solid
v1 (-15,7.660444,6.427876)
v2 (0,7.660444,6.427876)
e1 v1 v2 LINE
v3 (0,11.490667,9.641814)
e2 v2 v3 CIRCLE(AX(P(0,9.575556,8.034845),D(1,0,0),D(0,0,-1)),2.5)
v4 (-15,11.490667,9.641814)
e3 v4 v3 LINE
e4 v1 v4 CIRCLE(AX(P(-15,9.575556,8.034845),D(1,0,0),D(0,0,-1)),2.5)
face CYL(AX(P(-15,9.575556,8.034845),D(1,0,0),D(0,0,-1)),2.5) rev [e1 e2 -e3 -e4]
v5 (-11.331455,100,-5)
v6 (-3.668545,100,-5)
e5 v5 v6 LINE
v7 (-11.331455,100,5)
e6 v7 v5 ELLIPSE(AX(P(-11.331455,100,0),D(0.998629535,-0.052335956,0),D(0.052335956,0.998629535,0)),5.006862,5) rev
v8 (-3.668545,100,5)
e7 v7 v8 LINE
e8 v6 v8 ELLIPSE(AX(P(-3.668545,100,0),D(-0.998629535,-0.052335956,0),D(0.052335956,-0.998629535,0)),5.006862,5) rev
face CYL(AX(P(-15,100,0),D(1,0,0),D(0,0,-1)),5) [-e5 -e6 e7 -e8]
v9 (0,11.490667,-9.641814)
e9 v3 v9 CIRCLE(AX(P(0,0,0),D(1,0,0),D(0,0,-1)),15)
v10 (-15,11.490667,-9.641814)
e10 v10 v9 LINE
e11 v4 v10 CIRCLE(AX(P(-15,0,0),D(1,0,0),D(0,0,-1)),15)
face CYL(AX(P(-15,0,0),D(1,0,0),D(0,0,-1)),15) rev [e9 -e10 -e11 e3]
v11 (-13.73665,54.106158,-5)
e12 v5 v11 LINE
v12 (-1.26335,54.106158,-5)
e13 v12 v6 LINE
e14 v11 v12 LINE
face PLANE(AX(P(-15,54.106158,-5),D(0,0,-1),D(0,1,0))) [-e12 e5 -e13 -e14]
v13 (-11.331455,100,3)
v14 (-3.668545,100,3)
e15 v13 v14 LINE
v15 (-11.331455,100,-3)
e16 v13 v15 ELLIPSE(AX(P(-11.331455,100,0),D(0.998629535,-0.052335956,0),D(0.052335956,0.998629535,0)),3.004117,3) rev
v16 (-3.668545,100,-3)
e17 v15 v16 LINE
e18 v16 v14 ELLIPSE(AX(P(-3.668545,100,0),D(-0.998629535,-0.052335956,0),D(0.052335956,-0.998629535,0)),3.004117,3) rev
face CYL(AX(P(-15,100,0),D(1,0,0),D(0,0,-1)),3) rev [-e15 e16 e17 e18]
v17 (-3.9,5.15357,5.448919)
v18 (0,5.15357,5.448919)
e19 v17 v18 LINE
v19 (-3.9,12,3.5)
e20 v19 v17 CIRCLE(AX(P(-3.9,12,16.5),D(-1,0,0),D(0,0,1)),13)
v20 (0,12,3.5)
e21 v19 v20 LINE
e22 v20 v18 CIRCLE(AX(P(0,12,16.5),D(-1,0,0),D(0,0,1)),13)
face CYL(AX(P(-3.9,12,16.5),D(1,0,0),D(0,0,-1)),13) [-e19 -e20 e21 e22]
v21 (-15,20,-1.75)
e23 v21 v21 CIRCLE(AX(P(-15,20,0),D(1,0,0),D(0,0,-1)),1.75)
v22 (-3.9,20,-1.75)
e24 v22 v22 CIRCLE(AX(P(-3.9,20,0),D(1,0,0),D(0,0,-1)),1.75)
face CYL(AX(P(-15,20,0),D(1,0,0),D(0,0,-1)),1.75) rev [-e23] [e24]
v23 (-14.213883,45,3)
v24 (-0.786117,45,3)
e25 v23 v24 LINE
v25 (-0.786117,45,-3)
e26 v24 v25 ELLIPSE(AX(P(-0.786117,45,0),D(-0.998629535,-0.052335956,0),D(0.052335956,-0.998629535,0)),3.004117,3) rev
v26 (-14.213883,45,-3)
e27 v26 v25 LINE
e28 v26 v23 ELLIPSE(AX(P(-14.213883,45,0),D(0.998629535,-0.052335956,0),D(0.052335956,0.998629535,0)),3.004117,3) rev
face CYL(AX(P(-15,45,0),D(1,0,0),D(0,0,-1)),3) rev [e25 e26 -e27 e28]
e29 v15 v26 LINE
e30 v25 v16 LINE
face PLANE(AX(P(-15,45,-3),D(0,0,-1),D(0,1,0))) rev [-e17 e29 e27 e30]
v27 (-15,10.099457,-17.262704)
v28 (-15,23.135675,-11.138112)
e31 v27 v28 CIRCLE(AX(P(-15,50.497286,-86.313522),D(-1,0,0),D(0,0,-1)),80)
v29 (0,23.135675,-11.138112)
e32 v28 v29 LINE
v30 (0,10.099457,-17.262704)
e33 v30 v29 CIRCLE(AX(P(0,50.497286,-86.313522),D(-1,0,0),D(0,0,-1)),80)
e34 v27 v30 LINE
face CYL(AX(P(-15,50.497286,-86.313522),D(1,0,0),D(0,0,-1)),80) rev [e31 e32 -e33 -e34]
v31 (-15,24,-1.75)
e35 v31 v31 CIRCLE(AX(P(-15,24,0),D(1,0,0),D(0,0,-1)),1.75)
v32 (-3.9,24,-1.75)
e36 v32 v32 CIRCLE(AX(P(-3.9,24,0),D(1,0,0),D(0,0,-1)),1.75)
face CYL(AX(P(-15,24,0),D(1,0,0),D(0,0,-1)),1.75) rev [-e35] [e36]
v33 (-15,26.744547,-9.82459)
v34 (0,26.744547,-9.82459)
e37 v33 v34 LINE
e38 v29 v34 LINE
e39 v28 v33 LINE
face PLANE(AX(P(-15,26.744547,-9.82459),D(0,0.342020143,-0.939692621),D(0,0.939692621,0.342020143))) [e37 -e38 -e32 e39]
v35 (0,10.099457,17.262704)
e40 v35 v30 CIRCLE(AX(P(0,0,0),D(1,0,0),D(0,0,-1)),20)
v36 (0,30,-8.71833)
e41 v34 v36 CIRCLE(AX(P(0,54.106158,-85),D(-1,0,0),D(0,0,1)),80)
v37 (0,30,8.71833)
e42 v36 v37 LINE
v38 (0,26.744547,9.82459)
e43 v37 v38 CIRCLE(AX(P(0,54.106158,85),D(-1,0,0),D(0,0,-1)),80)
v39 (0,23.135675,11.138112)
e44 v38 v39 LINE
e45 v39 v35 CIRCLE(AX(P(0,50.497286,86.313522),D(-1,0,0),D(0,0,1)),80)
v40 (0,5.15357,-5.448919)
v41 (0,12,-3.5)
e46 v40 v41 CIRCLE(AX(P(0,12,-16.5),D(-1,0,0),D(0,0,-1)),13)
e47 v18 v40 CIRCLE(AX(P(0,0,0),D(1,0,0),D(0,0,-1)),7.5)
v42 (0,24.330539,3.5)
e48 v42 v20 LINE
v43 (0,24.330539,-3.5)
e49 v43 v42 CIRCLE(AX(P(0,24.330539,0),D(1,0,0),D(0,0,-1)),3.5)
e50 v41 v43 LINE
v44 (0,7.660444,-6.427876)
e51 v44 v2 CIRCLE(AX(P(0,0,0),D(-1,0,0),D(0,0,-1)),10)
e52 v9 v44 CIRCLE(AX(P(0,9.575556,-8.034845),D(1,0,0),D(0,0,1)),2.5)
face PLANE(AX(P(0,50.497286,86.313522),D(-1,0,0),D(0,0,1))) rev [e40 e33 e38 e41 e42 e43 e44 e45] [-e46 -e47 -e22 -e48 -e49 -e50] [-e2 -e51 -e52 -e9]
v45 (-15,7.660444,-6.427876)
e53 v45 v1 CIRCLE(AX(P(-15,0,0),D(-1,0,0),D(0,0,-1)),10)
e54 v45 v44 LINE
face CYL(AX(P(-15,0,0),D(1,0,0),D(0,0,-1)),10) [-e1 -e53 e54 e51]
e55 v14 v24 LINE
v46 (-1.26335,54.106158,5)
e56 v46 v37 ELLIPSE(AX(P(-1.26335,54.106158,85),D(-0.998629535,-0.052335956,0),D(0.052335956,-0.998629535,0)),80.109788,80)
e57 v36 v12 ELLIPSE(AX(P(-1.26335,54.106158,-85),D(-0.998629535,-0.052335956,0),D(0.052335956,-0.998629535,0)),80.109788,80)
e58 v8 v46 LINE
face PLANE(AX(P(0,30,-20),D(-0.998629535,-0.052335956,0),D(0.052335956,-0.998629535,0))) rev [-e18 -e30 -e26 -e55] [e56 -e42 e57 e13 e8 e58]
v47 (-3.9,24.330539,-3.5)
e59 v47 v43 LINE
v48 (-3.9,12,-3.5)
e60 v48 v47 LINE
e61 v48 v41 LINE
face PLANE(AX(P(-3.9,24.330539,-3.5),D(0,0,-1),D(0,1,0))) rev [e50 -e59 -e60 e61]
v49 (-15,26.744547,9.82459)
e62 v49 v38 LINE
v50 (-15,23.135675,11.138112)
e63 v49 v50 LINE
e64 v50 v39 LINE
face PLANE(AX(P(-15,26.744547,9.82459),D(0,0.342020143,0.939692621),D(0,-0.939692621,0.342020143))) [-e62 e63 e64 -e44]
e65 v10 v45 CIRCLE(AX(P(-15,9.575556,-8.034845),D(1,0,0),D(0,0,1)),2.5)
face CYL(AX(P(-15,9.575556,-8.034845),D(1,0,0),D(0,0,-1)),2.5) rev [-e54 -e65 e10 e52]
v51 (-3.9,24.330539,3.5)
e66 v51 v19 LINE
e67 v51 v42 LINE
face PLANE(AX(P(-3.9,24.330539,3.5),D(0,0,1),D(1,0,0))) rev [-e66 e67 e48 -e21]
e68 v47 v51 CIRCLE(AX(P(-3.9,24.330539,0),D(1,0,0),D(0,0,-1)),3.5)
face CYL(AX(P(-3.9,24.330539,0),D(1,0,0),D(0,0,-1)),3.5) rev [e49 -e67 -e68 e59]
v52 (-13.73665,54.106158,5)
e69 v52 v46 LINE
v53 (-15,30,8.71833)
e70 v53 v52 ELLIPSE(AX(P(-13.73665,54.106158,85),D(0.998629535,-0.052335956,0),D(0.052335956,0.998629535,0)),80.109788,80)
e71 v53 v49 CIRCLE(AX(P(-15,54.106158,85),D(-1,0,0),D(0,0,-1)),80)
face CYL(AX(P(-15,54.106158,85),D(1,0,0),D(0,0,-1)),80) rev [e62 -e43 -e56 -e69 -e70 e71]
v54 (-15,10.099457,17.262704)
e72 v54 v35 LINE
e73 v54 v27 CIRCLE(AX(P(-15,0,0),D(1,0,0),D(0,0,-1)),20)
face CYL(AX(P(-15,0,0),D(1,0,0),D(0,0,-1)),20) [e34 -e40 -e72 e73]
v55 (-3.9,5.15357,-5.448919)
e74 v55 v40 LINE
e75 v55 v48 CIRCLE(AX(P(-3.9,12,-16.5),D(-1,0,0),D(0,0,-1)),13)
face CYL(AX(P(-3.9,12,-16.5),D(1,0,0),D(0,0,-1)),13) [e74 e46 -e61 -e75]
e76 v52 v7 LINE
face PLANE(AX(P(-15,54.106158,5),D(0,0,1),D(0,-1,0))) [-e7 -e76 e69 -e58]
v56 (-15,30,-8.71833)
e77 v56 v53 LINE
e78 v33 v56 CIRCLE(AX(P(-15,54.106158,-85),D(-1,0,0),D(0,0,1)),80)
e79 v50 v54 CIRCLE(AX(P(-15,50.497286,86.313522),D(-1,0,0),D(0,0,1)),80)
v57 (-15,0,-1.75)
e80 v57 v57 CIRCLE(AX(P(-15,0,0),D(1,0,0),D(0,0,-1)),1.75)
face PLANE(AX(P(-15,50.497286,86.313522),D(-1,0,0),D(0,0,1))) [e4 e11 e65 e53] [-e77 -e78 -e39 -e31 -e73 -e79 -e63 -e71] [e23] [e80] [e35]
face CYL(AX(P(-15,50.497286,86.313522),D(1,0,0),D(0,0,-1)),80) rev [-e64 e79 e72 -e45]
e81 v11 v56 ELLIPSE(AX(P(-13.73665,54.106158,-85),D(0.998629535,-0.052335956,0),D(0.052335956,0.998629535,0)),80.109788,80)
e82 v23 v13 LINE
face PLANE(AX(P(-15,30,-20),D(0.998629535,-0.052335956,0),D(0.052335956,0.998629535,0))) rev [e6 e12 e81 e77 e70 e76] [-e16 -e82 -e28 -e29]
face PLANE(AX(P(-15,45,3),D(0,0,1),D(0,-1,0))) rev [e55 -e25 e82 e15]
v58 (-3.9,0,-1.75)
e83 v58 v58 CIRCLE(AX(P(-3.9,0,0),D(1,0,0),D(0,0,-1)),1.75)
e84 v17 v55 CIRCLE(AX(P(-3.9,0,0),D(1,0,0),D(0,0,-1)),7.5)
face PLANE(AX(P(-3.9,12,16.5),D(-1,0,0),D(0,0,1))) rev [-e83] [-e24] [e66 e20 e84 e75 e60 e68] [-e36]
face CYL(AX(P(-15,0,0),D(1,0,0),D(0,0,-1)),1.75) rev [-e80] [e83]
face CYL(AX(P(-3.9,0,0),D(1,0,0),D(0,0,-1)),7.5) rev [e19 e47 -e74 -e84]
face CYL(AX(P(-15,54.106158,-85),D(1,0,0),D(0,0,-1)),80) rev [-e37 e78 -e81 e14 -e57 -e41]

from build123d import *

# Parameters (mm, degrees)
BOSS_EXTRUDE1_DEPTH     = 15
CUT_EXTRUDE1_DEPTH      = 3.9
SKETCH4_R               = 1.75
CUT_EXTRUDE2_DEPTH      = 108.462598145
CUT_EXTRUDE3_DEPTH      = 108.935165725
CUT_EXTRUDE3_DEPTH_BACK = 108.935165725
CUT_EXTRUDE5_DEPTH      = 108.935165725


with BuildPart() as part:
    # Sketch2 → Boss-Extrude1 (new body)
    with BuildSketch(Plane.YZ):
        with BuildLine():
            Line((54.106158457, 5), (100, 5))
            ThreePointArc((100, 5), (105, 0), (100, -5))
            Line((100, -5), (54.106158457, -5))
            ThreePointArc((54.106158457, -5), (40.214304243, -6.215379759), (26.744546991, -9.824590337))
            Line((26.744546991, -9.824590337), (23.135674536, -11.13811249))
            ThreePointArc((23.135674536, -11.13811249), (16.479451078, -13.906430601), (10.0994572, -17.262704431))
            ThreePointArc((10.0994572, -17.262704431), (-20, 0), (10.0994572, 17.262704431))
            ThreePointArc((10.0994572, 17.262704431), (16.479451078, 13.906430601), (23.135674536, 11.13811249))
            Line((23.135674536, 11.13811249), (26.744546991, 9.824590337))
            ThreePointArc((26.744546991, 9.824590337), (40.214304243, 6.215379759), (54.106158457, 5))
        make_face()
        with BuildLine():
            Line((45, 3), (100, 3))
            ThreePointArc((100, 3), (103, 0), (100, -3))
            Line((100, -3), (45, -3))
            ThreePointArc((45, -3), (42, 0), (45, 3))
        make_face(mode=Mode.SUBTRACT)
    extrude(amount=-BOSS_EXTRUDE1_DEPTH)

    # Sketch3 → Cut-Extrude1 (cut)
    with BuildSketch(Plane.YZ):
        with BuildLine():
            Line((24.33053856, 3.5), (12, 3.5))
            ThreePointArc((12, 3.5), (8.440790603, 3.996719292), (5.153570125, 5.448918697))
            ThreePointArc((5.153570125, 5.448918697), (-7.5, 0), (5.153570125, -5.448918697))
            ThreePointArc((5.153570125, -5.448918697), (8.440790603, -3.996719292), (12, -3.5))
            Line((12, -3.5), (24.33053856, -3.5))
            ThreePointArc((24.33053856, -3.5), (27.83053856, 0), (24.33053856, 3.5))
        make_face()
    extrude(amount=-CUT_EXTRUDE1_DEPTH, mode=Mode.SUBTRACT)

    # Sketch4 → Cut-Extrude2 (cut, through all)
    with BuildSketch(Plane.YZ.offset(-3.9)):
        with Locations(Location((20, 0, 0), (0, 0, 270))):
            Circle(SKETCH4_R)
        with Locations(Location((24, 0, 0), (0, 0, 270))):
            Circle(SKETCH4_R)
        with Locations(Location((0, 0, 0), (0, 0, 270))):
            Circle(SKETCH4_R)
    extrude(amount=-CUT_EXTRUDE2_DEPTH, mode=Mode.SUBTRACT)

    # Sketch5 → Cut-Extrude3 (cut, two sides: drawn at the far end of the back side and taken through both)
    with BuildSketch(Plane(origin=(0, 0, 0), x_dir=(0, 1, 0), z_dir=(0, 0, 1)).offset(-CUT_EXTRUDE3_DEPTH_BACK)):
        Polygon((30, 15), (105, 11.069416554), (105, 15), align=None)
        Polygon((105, 0), (105, 3.930583446), (30, 0), align=None)
    extrude(amount=CUT_EXTRUDE3_DEPTH + CUT_EXTRUDE3_DEPTH_BACK, mode=Mode.SUBTRACT)

    # Sketch8 → Cut-Extrude5 (cut, through all)
    with BuildSketch(Plane.YZ):
        with BuildLine():
            ThreePointArc((11.490666647, 9.641814145), (-15, 0), (11.490666647, -9.641814145))
            ThreePointArc((11.490666647, -9.641814145), (11.182524563, -6.119734013), (7.660444431, -6.427876097))
            ThreePointArc((7.660444431, -6.427876097), (-10, 0), (7.660444431, 6.427876097))
            ThreePointArc((7.660444431, 6.427876097), (11.182524563, 6.119734013), (11.490666647, 9.641814145))
        make_face()
    extrude(amount=-CUT_EXTRUDE5_DEPTH, mode=Mode.SUBTRACT)


solid = part.part
